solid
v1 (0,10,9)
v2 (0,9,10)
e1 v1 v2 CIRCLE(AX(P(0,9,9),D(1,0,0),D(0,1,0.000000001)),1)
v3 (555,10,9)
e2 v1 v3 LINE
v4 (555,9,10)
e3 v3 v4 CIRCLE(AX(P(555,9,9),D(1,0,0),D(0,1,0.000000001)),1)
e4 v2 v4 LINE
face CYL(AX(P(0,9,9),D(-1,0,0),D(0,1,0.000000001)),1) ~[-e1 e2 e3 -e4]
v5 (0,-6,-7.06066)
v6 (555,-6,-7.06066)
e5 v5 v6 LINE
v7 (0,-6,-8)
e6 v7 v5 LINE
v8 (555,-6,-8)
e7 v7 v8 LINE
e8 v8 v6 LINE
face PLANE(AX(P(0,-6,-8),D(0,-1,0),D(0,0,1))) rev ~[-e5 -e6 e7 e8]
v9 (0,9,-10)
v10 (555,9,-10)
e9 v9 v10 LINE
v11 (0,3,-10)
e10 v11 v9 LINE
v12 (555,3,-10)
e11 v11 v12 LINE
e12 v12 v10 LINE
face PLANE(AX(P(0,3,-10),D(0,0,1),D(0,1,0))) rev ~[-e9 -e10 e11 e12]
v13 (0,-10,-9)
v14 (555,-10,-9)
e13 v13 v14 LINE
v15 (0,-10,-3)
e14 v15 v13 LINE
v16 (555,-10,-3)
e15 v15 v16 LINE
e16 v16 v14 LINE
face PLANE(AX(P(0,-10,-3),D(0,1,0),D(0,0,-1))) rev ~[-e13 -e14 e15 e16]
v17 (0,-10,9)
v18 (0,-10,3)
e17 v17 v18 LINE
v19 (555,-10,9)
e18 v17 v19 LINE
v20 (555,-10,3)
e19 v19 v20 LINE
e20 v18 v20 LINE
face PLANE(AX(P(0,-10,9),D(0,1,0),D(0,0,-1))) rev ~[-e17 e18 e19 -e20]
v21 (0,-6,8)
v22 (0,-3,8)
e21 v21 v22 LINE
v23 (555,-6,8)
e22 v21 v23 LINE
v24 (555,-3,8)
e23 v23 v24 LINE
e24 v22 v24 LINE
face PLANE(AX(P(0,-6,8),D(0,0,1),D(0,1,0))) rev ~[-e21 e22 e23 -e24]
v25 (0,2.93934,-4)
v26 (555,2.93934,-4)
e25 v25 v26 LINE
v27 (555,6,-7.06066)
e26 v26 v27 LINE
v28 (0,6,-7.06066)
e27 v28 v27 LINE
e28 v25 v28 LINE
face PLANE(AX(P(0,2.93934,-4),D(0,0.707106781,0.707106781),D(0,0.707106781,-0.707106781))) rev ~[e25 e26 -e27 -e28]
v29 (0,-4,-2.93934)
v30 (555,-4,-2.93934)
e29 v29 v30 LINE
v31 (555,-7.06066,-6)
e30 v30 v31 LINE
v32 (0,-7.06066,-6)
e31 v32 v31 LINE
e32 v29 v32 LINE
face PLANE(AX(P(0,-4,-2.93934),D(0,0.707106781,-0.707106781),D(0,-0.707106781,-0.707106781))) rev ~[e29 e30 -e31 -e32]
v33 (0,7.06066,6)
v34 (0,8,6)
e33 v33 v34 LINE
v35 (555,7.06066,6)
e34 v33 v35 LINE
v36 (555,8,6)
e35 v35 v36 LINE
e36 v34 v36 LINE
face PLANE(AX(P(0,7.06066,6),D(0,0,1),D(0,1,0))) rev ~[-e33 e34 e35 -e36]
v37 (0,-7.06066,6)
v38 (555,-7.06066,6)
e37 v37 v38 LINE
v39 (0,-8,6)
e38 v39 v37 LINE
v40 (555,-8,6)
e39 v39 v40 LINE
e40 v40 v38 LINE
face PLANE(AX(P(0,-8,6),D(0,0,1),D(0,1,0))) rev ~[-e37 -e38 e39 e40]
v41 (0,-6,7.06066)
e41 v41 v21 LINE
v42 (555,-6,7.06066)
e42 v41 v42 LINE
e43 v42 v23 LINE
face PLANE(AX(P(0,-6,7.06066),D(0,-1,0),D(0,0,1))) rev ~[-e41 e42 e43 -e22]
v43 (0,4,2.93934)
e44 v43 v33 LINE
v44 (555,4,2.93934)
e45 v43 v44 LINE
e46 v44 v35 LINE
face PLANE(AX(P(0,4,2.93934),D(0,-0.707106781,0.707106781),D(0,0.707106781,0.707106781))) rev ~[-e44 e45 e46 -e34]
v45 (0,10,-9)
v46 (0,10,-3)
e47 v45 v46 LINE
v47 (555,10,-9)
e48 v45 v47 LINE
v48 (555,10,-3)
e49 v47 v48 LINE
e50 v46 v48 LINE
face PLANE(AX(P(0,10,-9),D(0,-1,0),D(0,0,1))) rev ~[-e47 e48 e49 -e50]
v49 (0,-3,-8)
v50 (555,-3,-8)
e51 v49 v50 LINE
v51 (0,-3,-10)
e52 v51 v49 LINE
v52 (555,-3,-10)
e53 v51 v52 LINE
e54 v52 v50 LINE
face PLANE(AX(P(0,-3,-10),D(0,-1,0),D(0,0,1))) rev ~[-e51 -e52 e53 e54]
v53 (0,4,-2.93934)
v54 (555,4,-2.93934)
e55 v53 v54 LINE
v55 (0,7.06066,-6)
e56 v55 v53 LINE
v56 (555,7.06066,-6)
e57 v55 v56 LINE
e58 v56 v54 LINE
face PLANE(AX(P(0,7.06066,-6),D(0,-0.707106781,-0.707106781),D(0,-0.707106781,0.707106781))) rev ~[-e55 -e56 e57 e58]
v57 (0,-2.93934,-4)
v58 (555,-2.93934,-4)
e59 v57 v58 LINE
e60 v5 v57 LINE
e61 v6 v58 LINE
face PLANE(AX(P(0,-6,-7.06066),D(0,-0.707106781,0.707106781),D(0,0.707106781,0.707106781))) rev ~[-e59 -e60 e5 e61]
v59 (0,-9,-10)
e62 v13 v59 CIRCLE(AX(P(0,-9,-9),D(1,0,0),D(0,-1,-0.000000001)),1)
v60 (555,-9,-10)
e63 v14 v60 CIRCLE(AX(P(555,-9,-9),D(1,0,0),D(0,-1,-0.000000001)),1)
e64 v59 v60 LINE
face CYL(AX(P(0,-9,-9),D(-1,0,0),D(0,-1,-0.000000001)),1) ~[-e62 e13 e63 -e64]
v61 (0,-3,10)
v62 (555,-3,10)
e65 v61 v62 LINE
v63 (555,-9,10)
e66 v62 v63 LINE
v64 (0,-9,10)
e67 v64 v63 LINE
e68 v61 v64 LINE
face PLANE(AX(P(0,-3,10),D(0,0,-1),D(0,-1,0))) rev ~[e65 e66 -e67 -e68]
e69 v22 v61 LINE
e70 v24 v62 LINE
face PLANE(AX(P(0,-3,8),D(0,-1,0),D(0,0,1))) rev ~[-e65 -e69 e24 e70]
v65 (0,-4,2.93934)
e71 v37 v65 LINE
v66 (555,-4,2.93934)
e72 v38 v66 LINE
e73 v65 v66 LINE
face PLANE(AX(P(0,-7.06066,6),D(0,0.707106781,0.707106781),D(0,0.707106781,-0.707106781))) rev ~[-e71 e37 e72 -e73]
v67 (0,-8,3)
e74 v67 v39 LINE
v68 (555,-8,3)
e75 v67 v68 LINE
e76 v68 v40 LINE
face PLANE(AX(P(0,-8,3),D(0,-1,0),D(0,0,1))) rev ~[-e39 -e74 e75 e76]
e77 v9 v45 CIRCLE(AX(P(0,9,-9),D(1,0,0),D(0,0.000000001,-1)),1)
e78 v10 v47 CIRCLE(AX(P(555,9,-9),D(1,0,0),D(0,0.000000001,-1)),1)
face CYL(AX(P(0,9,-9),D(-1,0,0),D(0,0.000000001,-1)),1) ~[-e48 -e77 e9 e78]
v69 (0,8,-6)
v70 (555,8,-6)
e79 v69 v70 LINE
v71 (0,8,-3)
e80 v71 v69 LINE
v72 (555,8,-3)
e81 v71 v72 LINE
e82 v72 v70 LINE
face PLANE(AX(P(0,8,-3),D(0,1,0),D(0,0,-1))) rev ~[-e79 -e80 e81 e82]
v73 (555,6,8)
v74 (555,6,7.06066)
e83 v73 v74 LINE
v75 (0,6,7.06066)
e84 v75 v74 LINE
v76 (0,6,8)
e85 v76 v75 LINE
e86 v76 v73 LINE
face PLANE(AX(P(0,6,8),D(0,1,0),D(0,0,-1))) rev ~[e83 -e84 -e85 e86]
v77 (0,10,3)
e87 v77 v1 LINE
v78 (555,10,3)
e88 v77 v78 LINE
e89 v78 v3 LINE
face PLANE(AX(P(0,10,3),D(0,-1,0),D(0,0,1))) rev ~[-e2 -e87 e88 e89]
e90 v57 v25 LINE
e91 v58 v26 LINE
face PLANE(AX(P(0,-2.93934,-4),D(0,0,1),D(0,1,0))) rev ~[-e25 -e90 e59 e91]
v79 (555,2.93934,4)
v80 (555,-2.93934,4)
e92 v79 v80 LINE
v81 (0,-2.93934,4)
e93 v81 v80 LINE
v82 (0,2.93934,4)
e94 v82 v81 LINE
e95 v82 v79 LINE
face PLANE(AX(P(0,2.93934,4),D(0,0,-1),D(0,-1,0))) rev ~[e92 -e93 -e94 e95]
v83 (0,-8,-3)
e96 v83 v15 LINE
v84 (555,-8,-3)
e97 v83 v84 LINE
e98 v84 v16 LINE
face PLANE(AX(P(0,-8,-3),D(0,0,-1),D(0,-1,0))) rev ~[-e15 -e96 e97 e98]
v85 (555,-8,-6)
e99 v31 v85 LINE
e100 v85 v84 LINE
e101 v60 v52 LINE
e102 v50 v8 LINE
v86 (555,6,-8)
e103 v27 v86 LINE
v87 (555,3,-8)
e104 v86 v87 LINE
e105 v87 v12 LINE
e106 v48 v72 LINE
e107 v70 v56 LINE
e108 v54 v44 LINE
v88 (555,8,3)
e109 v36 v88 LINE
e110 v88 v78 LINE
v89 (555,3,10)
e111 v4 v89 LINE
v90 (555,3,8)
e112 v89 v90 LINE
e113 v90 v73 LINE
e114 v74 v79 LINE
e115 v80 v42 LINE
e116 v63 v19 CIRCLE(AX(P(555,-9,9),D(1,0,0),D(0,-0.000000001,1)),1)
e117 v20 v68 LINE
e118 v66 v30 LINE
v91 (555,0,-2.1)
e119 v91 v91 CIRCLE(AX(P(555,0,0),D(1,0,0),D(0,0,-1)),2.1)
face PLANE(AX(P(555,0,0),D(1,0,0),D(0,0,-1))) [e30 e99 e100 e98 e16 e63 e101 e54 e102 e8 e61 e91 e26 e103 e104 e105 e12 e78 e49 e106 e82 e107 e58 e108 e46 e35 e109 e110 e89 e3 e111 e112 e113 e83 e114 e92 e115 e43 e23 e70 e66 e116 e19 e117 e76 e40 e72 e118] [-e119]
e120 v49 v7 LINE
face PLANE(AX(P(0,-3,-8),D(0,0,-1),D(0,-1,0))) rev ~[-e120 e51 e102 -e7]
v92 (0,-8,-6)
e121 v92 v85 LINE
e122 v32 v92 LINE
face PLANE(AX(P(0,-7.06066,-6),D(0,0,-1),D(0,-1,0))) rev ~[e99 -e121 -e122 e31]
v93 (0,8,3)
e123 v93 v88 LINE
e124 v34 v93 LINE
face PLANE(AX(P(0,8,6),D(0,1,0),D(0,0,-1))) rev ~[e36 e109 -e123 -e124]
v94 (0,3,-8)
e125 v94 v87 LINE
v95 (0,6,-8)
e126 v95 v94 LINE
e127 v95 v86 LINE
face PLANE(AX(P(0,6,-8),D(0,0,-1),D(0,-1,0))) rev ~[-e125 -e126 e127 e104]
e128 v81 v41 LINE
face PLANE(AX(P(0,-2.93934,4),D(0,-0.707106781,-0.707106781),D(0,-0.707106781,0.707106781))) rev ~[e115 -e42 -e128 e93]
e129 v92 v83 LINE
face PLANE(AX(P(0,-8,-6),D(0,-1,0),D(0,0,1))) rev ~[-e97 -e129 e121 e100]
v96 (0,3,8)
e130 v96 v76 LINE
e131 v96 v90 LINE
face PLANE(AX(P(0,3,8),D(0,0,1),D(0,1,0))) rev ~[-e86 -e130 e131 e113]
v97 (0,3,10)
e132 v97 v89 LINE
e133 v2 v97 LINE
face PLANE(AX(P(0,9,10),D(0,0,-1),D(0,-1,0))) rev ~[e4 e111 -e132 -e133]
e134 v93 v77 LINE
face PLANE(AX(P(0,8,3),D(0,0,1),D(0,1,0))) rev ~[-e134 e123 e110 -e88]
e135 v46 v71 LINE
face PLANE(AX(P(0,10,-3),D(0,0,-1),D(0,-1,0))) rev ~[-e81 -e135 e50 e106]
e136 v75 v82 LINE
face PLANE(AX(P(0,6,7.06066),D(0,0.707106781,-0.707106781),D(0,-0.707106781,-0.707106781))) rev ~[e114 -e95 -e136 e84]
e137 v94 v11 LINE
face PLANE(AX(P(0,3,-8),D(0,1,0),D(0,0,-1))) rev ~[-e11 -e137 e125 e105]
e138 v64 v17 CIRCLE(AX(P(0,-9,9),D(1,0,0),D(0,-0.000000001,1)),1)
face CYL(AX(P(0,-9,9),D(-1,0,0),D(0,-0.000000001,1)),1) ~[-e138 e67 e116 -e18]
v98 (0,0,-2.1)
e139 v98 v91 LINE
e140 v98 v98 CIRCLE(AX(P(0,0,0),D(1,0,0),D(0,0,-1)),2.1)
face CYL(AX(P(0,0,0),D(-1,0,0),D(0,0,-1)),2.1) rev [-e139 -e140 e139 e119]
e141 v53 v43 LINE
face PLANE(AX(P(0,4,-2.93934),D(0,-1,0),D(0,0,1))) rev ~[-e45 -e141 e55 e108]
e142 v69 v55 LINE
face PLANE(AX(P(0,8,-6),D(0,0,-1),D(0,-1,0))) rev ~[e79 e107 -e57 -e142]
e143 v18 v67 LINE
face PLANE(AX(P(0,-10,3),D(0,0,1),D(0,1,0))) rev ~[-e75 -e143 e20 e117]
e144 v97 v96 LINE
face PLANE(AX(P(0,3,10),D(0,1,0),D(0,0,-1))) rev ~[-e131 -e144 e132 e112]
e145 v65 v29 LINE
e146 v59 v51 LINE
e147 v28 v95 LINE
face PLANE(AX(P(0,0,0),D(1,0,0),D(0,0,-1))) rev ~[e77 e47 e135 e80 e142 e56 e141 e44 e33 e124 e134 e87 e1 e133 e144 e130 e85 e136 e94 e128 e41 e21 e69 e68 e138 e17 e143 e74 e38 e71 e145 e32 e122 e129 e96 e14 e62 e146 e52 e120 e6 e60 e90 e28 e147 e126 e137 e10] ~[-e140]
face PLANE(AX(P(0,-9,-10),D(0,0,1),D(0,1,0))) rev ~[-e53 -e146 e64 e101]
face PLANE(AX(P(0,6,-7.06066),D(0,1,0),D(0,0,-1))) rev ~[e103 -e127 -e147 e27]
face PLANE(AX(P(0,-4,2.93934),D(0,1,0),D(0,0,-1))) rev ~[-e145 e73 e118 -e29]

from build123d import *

# Parameters (mm, degrees)
SKETCH1_R           = 2.1
BOSS_EXTRUDE1_DEPTH = 555


with BuildPart() as part:
    # Sketch1 → Boss-Extrude1 (new body)
    with BuildSketch(Plane(origin=(0, 0, 0), x_dir=(0, 0, -1), z_dir=(1, 0, 0))):
        with BuildLine():
            Line((-10, 9), (-10, 3))
            Line((-10, 3), (-8, 3))
            Line((-8, 3), (-8, 6))
            Line((-8, 6), (-7.060660172, 6))
            Line((-7.060660172, 6), (-4, 2.939339828))
            Line((-4, 2.939339828), (-4, -2.939339828))
            Line((-4, -2.939339828), (-7.060660172, -6))
            Line((-7.060660172, -6), (-8, -6))
            Line((-8, -6), (-8, -3))
            Line((-8, -3), (-10, -3))
            Line((-10, -3), (-10, -9))
            ThreePointArc((-10, -9), (-9.707106781, -9.707106781), (-9, -10))
            Line((-9, -10), (-3, -10))
            Line((-3, -10), (-3, -8))
            Line((-3, -8), (-6, -8))
            Line((-6, -8), (-6, -7.060660172))
            Line((-6, -7.060660172), (-2.939339828, -4))
            Line((-2.939339828, -4), (2.939339828, -4))
            Line((2.939339828, -4), (6, -7.060660172))
            Line((6, -7.060660172), (6, -8))
            Line((6, -8), (3, -8))
            Line((3, -8), (3, -10))
            Line((3, -10), (9, -10))
            ThreePointArc((9, -10), (9.707106781, -9.707106781), (10, -9))
            Line((10, -9), (10, -3))
            Line((10, -3), (8, -3))
            Line((8, -3), (8, -6))
            Line((8, -6), (7.060660172, -6))
            Line((7.060660172, -6), (4, -2.939339828))
            Line((4, -2.939339828), (4, 2.939339828))
            Line((4, 2.939339828), (7.060660172, 6))
            Line((7.060660172, 6), (8, 6))
            Line((8, 6), (8, 3))
            Line((8, 3), (10, 3))
            Line((10, 3), (10, 9))
            ThreePointArc((10, 9), (9.707106781, 9.707106781), (9, 10))
            Line((9, 10), (3, 10))
            Line((3, 10), (3, 8))
            Line((3, 8), (6, 8))
            Line((6, 8), (6, 7.060660172))
            Line((6, 7.060660172), (2.939339828, 4))
            Line((2.939339828, 4), (-2.939339828, 4))
            Line((-2.939339828, 4), (-6, 7.060660172))
            Line((-6, 7.060660172), (-6, 8))
            Line((-6, 8), (-3, 8))
            Line((-3, 8), (-3, 10))
            Line((-3, 10), (-9, 10))
            ThreePointArc((-9, 10), (-9.707106781, 9.707106781), (-10, 9))
        make_face()
        Circle(SKETCH1_R, mode=Mode.SUBTRACT)
    extrude(amount=BOSS_EXTRUDE1_DEPTH)


solid = part.part
